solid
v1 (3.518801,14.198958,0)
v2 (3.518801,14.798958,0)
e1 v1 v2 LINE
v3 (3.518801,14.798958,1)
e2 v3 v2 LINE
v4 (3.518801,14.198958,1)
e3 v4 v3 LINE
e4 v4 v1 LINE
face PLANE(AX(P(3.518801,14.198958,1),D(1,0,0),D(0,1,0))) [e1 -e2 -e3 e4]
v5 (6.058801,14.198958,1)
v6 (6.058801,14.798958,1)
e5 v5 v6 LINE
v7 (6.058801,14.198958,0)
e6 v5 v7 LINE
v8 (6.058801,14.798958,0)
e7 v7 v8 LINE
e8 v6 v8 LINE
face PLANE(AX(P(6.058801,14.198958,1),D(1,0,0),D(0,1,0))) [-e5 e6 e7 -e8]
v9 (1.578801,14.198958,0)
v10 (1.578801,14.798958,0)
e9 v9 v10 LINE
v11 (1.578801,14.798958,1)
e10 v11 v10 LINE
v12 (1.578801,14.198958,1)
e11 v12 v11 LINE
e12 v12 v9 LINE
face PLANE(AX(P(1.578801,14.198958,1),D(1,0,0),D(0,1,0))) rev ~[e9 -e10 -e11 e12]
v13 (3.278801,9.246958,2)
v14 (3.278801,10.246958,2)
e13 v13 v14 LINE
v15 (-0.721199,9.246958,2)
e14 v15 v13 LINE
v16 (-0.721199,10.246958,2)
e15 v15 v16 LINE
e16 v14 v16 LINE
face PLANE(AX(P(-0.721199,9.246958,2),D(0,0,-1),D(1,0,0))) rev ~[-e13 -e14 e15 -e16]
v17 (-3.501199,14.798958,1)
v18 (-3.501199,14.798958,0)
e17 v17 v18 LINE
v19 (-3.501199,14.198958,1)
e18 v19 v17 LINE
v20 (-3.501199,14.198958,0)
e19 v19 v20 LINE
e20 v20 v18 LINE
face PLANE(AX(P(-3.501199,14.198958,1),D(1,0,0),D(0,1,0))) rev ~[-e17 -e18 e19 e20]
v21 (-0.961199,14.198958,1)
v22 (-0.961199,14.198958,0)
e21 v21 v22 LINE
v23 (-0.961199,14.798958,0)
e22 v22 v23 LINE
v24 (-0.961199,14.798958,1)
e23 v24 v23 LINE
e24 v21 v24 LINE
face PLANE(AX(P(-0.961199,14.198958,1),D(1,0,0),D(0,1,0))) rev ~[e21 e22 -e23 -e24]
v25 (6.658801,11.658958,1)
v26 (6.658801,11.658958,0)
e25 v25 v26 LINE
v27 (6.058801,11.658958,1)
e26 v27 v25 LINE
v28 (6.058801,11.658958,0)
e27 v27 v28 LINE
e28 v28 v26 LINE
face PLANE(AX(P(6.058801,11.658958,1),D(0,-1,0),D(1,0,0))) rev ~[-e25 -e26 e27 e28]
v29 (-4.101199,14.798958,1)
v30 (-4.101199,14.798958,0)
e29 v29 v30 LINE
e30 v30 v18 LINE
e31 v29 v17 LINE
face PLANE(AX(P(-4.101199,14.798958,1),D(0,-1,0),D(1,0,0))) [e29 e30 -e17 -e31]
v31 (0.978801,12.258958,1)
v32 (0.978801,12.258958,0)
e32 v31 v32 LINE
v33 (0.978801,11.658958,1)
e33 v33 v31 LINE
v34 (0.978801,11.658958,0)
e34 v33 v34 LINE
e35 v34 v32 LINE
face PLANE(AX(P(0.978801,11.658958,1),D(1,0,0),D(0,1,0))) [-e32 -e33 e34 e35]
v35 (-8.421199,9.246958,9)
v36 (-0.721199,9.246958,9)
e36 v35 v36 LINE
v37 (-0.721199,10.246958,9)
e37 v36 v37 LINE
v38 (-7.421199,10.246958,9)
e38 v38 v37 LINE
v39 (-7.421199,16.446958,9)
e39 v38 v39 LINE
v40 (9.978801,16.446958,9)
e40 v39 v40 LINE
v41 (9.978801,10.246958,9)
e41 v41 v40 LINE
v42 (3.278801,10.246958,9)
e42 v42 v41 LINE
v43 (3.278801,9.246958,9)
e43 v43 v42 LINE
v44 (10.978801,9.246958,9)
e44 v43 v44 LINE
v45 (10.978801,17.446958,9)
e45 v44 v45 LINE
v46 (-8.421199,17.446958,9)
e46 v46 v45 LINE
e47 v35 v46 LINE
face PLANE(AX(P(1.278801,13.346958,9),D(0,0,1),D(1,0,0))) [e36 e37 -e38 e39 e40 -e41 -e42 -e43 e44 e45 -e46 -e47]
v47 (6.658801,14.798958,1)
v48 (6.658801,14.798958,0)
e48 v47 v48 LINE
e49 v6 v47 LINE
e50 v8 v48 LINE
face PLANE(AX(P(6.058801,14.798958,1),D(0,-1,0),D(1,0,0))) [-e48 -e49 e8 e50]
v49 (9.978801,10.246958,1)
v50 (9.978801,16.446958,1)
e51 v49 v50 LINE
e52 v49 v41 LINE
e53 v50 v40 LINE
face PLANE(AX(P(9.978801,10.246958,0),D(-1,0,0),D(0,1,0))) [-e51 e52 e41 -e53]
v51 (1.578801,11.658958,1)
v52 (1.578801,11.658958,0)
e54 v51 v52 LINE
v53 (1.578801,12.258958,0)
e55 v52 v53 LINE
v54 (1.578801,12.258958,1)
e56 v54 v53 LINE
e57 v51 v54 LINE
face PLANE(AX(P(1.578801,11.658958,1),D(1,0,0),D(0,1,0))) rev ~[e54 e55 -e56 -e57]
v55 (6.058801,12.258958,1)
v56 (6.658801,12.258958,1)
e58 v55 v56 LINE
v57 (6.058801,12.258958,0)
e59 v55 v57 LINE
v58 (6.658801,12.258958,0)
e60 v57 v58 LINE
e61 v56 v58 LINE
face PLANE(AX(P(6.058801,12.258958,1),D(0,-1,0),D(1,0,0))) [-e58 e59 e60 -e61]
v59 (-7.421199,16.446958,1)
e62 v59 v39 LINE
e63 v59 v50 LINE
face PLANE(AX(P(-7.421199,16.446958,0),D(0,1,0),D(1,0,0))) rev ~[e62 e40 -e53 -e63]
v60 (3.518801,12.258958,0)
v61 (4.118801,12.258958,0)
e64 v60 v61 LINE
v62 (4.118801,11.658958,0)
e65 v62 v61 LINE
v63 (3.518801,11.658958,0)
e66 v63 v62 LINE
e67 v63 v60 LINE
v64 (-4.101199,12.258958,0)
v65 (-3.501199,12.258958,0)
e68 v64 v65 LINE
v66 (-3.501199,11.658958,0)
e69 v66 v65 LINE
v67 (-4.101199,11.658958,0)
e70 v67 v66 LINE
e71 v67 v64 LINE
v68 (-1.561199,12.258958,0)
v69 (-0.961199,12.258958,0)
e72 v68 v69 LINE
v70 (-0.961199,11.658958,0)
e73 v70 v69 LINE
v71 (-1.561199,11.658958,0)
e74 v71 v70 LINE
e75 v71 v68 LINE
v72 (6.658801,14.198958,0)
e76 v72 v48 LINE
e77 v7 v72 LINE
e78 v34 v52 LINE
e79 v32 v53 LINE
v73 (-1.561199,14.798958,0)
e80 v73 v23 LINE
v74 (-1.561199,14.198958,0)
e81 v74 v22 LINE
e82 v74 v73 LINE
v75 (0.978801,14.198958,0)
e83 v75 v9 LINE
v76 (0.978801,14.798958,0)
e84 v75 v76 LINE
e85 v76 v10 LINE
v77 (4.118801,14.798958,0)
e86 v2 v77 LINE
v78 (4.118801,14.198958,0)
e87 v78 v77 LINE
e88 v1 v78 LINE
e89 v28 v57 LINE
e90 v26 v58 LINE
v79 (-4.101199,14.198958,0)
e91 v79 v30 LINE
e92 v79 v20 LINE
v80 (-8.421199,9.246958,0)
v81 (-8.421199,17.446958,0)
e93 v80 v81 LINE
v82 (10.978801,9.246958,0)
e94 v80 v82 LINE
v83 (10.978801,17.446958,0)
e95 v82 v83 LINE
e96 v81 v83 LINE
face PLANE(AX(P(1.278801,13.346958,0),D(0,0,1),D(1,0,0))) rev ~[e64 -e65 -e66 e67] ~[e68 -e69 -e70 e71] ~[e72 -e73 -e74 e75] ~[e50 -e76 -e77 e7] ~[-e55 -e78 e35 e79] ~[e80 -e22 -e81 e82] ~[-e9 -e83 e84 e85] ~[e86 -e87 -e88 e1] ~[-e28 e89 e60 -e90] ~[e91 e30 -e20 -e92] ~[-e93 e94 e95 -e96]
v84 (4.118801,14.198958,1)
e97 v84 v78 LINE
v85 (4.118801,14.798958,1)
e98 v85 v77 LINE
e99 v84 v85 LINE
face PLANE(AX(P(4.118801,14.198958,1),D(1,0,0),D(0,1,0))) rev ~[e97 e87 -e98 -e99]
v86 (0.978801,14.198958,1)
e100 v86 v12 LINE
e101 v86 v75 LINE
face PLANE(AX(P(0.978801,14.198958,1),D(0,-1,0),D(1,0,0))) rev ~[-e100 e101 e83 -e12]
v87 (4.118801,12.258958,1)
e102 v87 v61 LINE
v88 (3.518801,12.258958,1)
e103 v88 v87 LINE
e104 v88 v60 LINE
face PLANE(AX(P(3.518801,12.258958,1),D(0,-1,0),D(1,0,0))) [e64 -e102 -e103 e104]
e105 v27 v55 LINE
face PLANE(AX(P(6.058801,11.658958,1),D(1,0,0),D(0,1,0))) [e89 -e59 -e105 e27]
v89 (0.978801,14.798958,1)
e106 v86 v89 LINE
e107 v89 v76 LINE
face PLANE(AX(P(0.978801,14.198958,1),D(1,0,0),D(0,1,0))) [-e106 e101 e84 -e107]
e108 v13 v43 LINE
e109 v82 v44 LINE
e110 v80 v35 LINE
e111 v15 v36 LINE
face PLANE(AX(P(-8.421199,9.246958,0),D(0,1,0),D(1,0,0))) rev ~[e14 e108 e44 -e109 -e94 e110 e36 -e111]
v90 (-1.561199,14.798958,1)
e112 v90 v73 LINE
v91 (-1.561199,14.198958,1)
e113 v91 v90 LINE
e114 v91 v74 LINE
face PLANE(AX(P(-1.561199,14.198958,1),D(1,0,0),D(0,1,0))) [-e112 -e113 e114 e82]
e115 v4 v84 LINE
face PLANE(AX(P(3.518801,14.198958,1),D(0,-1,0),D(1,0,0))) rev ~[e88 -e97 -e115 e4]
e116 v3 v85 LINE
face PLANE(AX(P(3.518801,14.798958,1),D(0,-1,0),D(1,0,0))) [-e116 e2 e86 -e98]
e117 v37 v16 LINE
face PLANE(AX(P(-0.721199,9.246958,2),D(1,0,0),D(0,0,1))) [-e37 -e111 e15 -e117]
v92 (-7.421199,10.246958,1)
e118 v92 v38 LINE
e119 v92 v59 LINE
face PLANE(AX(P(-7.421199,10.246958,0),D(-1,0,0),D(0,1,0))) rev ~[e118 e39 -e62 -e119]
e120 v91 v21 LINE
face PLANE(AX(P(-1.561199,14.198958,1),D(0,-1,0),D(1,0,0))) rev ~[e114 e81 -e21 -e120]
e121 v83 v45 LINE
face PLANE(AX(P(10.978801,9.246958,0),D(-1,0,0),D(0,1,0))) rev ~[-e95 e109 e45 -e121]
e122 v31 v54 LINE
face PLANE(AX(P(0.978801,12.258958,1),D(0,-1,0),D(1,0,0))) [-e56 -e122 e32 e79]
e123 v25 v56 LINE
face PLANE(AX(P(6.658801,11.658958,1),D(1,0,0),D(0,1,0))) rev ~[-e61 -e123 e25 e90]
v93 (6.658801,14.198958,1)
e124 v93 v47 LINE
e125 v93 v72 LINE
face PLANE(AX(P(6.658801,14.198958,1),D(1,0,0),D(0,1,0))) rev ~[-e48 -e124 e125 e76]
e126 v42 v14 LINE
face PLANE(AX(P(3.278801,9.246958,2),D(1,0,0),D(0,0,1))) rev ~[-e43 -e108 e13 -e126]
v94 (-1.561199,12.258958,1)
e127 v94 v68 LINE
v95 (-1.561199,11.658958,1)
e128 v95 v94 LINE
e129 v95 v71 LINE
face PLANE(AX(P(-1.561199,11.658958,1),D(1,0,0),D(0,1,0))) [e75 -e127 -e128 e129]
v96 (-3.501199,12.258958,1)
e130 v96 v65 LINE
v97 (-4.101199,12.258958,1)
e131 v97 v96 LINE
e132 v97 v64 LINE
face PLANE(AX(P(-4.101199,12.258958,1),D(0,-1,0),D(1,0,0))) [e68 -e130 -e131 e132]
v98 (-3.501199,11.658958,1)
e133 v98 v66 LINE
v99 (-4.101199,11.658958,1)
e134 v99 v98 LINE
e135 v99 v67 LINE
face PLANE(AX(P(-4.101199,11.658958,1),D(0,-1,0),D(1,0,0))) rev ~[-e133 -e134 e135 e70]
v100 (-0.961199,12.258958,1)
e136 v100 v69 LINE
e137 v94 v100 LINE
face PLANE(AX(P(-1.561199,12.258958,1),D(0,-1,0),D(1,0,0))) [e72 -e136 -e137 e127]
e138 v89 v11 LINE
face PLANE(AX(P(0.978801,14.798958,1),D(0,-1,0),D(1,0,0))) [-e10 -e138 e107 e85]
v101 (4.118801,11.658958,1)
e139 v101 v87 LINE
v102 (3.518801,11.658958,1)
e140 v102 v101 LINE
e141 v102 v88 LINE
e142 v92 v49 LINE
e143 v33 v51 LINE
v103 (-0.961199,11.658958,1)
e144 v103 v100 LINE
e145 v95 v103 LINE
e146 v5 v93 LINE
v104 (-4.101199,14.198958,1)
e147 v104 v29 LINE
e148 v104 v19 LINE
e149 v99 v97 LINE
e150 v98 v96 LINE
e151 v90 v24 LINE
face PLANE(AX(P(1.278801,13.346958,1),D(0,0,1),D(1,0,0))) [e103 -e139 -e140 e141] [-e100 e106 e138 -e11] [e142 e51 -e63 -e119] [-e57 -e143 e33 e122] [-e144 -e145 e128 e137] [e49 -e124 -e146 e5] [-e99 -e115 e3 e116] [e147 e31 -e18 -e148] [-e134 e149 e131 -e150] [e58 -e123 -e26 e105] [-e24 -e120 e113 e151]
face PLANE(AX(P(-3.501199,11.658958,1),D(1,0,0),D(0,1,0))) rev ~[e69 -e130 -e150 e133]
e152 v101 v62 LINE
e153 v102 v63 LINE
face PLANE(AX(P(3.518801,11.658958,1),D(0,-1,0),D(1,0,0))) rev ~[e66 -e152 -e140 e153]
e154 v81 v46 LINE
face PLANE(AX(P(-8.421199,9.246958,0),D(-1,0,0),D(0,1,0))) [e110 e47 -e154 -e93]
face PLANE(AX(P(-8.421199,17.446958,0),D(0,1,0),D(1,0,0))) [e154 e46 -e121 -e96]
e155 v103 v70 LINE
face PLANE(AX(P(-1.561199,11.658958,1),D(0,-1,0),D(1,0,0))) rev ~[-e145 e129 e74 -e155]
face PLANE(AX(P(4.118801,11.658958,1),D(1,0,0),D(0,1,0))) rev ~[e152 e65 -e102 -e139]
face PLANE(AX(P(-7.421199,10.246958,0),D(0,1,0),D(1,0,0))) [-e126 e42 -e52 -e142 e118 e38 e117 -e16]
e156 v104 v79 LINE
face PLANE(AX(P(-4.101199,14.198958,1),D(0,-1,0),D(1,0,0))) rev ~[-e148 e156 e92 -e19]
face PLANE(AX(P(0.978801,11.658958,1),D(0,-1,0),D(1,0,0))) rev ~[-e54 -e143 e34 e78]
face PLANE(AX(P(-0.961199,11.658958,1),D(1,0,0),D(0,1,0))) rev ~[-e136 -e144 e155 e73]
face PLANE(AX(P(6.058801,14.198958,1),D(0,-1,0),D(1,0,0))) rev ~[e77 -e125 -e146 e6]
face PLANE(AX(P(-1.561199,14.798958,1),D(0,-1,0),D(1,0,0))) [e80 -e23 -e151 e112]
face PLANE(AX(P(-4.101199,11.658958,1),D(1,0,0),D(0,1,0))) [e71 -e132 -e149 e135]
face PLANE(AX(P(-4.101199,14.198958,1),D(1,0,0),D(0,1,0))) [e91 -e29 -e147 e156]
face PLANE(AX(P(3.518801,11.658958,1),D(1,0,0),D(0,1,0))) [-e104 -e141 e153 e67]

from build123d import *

# Parameters (mm, degrees)
F0_W     = 17.4
F0_H     = 6.2
F1_DEPTH = 1
F0_W_2   = 19.4
F0_H_2   = 8.2
F2_DEPTH = 9
F3_W     = 4
F3_H     = 7
F4_DEPTH = 2
F5_W     = 0.6
F5_H     = 0.6
F6_DEPTH = 25


with BuildPart() as f1:
    # F0 (on Top) → F1 (new body)
    with BuildSketch(Plane.XY):
        with Locations((1.278801, 13.346958)):
            Rectangle(F0_W, F0_H)
    extrude(amount=F1_DEPTH)

    # F0 (on Top) → F2 (join)
    with BuildSketch(Plane.XY):
        with Locations((1.278801, 13.346958)):
            Rectangle(F0_W_2, F0_H_2)
        with Locations((1.278801, 13.346958)):
            Rectangle(F0_W, F0_H, mode=Mode.SUBTRACT)
    extrude(amount=F2_DEPTH)

    # F3 (on face) → F4 (cut)
    with BuildSketch(Plane.XZ.offset(-9.246958)):
        with Locations((1.278801, 5.5)):
            Rectangle(F3_W, F3_H)
    extrude(amount=-F4_DEPTH, mode=Mode.SUBTRACT)

    # F5 (on face) → F6 (cut)
    with BuildSketch(Plane.XY.offset(1)):
        with Locations((-3.801199, 11.958958)):
            Rectangle(F5_W, F5_H)
        with Locations((-3.801199, 14.498958)):
            Rectangle(F5_W, F5_H)
        with Locations((-1.261199, 14.498958)):
            Rectangle(F5_W, F5_H)
        with Locations((-1.261199, 11.958958)):
            Rectangle(F5_W, F5_H)
        with Locations((1.278801, 11.958958)):
            Rectangle(F5_W, F5_H)
        with Locations((1.278801, 14.498958)):
            Rectangle(F5_W, F5_H)
        with Locations((3.818801, 11.958958)):
            Rectangle(F5_W, F5_H)
        with Locations((3.818801, 14.498958)):
            Rectangle(F5_W, F5_H)
        with Locations((6.358801, 14.498958)):
            Rectangle(F5_W, F5_H)
        with Locations((6.358801, 11.958958)):
            Rectangle(F5_W, F5_H)
    extrude(amount=-F6_DEPTH, mode=Mode.SUBTRACT)


solid = f1.part
